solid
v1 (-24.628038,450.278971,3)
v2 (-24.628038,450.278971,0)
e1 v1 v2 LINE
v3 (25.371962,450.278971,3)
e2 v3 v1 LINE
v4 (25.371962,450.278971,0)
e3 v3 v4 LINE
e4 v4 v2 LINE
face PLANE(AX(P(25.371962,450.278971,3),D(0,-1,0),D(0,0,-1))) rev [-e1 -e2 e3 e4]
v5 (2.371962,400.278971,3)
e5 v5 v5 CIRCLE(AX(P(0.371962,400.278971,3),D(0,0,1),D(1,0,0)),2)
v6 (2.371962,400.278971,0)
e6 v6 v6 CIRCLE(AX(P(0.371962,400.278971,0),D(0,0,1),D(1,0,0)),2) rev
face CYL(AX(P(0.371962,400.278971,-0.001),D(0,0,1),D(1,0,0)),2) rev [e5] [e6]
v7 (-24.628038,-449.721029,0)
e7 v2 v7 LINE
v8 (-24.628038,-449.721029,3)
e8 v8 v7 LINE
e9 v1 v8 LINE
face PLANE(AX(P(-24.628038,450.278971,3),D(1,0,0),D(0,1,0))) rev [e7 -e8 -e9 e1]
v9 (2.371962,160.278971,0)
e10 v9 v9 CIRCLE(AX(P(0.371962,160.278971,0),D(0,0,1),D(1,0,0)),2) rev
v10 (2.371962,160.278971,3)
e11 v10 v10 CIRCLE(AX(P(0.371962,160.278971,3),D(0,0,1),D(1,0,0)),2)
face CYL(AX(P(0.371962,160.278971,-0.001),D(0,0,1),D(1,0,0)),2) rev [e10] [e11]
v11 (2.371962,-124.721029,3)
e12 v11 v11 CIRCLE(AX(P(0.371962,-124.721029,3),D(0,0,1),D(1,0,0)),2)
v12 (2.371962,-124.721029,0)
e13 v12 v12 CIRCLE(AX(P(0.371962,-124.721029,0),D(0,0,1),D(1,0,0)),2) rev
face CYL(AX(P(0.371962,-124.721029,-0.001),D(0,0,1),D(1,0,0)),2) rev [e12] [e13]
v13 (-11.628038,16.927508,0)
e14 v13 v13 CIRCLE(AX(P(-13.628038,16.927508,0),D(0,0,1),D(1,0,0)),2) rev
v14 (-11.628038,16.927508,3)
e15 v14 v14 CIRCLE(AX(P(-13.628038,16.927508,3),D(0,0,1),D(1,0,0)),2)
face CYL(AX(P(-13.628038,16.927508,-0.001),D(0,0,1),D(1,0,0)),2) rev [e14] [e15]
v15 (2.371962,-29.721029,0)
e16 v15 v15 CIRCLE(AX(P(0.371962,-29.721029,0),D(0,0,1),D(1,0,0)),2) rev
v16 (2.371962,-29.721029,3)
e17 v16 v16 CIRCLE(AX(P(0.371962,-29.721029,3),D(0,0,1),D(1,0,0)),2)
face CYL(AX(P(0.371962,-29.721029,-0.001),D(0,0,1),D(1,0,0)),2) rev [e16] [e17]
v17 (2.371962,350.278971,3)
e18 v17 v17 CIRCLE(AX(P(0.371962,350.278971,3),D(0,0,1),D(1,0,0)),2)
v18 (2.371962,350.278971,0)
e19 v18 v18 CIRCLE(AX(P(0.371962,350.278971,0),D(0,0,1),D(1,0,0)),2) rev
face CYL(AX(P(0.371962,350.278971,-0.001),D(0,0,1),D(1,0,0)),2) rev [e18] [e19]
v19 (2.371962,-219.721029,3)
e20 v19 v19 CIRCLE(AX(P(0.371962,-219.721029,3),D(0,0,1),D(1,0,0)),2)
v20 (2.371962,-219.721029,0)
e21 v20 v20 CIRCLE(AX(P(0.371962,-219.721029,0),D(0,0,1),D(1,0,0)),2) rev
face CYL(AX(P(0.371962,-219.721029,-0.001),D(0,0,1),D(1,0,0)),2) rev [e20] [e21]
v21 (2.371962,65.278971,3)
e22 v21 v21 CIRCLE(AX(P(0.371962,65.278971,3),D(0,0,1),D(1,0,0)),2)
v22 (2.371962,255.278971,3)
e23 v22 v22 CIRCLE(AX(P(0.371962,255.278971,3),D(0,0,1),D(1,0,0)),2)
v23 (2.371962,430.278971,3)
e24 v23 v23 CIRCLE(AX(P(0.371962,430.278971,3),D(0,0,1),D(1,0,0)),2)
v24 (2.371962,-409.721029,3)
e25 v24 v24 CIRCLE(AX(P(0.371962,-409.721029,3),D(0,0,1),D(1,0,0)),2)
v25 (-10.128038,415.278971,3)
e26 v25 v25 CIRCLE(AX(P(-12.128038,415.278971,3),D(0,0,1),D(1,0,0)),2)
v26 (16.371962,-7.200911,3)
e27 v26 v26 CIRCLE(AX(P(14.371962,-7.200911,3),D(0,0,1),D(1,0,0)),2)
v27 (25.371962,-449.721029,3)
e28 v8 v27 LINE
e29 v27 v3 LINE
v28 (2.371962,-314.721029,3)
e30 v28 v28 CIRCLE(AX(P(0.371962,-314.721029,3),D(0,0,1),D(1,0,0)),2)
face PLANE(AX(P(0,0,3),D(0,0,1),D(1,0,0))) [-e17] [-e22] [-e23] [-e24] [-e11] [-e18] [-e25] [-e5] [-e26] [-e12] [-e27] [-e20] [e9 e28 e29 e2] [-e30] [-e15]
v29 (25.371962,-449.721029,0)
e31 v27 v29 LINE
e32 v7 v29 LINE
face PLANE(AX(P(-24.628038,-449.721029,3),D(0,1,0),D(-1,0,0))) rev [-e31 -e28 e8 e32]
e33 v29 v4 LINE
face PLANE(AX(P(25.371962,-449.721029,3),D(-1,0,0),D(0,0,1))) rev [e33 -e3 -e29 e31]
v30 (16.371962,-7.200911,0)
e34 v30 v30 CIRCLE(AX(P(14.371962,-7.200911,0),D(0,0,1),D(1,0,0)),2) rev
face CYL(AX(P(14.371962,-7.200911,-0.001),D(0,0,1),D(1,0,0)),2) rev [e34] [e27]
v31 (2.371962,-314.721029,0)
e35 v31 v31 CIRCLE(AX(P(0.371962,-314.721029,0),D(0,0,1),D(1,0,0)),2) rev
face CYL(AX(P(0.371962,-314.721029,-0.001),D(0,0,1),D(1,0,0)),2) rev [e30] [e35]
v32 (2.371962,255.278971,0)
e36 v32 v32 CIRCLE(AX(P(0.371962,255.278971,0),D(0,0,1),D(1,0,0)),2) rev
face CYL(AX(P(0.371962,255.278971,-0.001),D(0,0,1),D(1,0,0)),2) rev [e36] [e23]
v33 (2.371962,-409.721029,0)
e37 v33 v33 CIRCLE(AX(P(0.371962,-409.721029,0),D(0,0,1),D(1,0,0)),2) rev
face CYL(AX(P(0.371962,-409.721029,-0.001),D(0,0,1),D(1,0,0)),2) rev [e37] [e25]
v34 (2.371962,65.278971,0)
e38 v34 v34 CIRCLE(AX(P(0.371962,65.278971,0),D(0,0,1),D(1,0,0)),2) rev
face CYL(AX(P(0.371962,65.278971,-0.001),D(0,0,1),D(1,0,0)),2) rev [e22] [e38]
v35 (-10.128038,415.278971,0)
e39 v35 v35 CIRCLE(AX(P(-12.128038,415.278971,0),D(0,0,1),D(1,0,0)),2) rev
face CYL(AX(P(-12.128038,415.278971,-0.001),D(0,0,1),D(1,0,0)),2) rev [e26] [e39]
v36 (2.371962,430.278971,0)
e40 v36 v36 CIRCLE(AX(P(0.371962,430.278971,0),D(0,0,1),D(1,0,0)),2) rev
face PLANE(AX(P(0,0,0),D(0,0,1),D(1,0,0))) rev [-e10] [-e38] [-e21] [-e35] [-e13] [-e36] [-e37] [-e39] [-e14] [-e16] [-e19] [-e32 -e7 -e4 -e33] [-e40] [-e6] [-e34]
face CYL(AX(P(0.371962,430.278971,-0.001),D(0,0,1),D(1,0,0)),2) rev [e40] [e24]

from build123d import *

# Parameters (mm, degrees)
SKETCH2_W           = 50
SKETCH2_H           = 900
BOSS_EXTRUDE1_DEPTH = 3
CUT_EXTRUDE1_REACH  = 5
SKETCH3_R           = 2


with BuildPart() as part:
    # Sketch2 → Boss-Extrude1 (new body)
    with BuildSketch(Plane.XY):
        with Locations((0.371961745, 0.278971309)):
            Rectangle(SKETCH2_W, SKETCH2_H)
    extrude(amount=BOSS_EXTRUDE1_DEPTH)

    # Sketch3 → Cut-Extrude1 (cut, up to next)
    with BuildSketch(Plane.XY.offset(3), mode=Mode.PRIVATE) as cut_extrude1_sk1:
        with Locations((0.371961745, 350.278971308)):
            Circle(SKETCH3_R)
    cut_extrude1_tool1 = extrude(cut_extrude1_sk1.sketch, amount=-CUT_EXTRUDE1_REACH, mode=Mode.PRIVATE) & part.part
    add(cut_extrude1_tool1.solids().sort_by_distance((0.371962, 350.278971, 3))[0], mode=Mode.SUBTRACT)
    # Sketch3 → Cut-Extrude1 (cut, up to next)
    with BuildSketch(Plane.XY.offset(3), mode=Mode.PRIVATE) as cut_extrude1_sk2:
        with Locations((0.371961745, 400.278971308)):
            Circle(SKETCH3_R)
    cut_extrude1_tool2 = extrude(cut_extrude1_sk2.sketch, amount=-CUT_EXTRUDE1_REACH, mode=Mode.PRIVATE) & part.part
    add(cut_extrude1_tool2.solids().sort_by_distance((0.371962, 400.278971, 3))[0], mode=Mode.SUBTRACT)
    # Sketch3 → Cut-Extrude1 (cut, up to next)
    with BuildSketch(Plane.XY.offset(3), mode=Mode.PRIVATE) as cut_extrude1_sk3:
        with Locations((0.371961745, 430.278971309)):
            Circle(SKETCH3_R)
    cut_extrude1_tool3 = extrude(cut_extrude1_sk3.sketch, amount=-CUT_EXTRUDE1_REACH, mode=Mode.PRIVATE) & part.part
    add(cut_extrude1_tool3.solids().sort_by_distance((0.371962, 430.278971, 3))[0], mode=Mode.SUBTRACT)
    # Sketch3 → Cut-Extrude1 (cut, up to next)
    with BuildSketch(Plane.XY.offset(3), mode=Mode.PRIVATE) as cut_extrude1_sk4:
        with Locations((-12.128038255, 415.278971308)):
            Circle(SKETCH3_R)
    cut_extrude1_tool4 = extrude(cut_extrude1_sk4.sketch, amount=-CUT_EXTRUDE1_REACH, mode=Mode.PRIVATE) & part.part
    add(cut_extrude1_tool4.solids().sort_by_distance((-12.128038, 415.278971, 3))[0], mode=Mode.SUBTRACT)
    # Sketch3 → Cut-Extrude1 (cut, up to next)
    with BuildSketch(Plane.XY.offset(3), mode=Mode.PRIVATE) as cut_extrude1_sk5:
        with Locations((0.371961745, 255.278971308)):
            Circle(SKETCH3_R)
    cut_extrude1_tool5 = extrude(cut_extrude1_sk5.sketch, amount=-CUT_EXTRUDE1_REACH, mode=Mode.PRIVATE) & part.part
    add(cut_extrude1_tool5.solids().sort_by_distance((0.371962, 255.278971, 3))[0], mode=Mode.SUBTRACT)
    # Sketch3 → Cut-Extrude1 (cut, up to next)
    with BuildSketch(Plane.XY.offset(3), mode=Mode.PRIVATE) as cut_extrude1_sk6:
        with Locations((0.371961745, 160.278971308)):
            Circle(SKETCH3_R)
    cut_extrude1_tool6 = extrude(cut_extrude1_sk6.sketch, amount=-CUT_EXTRUDE1_REACH, mode=Mode.PRIVATE) & part.part
    add(cut_extrude1_tool6.solids().sort_by_distance((0.371962, 160.278971, 3))[0], mode=Mode.SUBTRACT)
    # Sketch3 → Cut-Extrude1 (cut, up to next)
    with BuildSketch(Plane.XY.offset(3), mode=Mode.PRIVATE) as cut_extrude1_sk7:
        with Locations((0.371961745, 65.278971308)):
            Circle(SKETCH3_R)
    cut_extrude1_tool7 = extrude(cut_extrude1_sk7.sketch, amount=-CUT_EXTRUDE1_REACH, mode=Mode.PRIVATE) & part.part
    add(cut_extrude1_tool7.solids().sort_by_distance((0.371962, 65.278971, 3))[0], mode=Mode.SUBTRACT)
    # Sketch3 → Cut-Extrude1 (cut, up to next)
    with BuildSketch(Plane.XY.offset(3), mode=Mode.PRIVATE) as cut_extrude1_sk8:
        with Locations((0.371961745, -29.721028692)):
            Circle(SKETCH3_R)
    cut_extrude1_tool8 = extrude(cut_extrude1_sk8.sketch, amount=-CUT_EXTRUDE1_REACH, mode=Mode.PRIVATE) & part.part
    add(cut_extrude1_tool8.solids().sort_by_distance((0.371962, -29.721029, 3))[0], mode=Mode.SUBTRACT)
    # Sketch3 → Cut-Extrude1 (cut, up to next)
    with BuildSketch(Plane.XY.offset(3), mode=Mode.PRIVATE) as cut_extrude1_sk9:
        with Locations((0.371961745, -124.721028692)):
            Circle(SKETCH3_R)
    cut_extrude1_tool9 = extrude(cut_extrude1_sk9.sketch, amount=-CUT_EXTRUDE1_REACH, mode=Mode.PRIVATE) & part.part
    add(cut_extrude1_tool9.solids().sort_by_distance((0.371962, -124.721029, 3))[0], mode=Mode.SUBTRACT)
    # Sketch3 → Cut-Extrude1 (cut, up to next)
    with BuildSketch(Plane.XY.offset(3), mode=Mode.PRIVATE) as cut_extrude1_sk10:
        with Locations((0.371961745, -219.721028692)):
            Circle(SKETCH3_R)
    cut_extrude1_tool10 = extrude(cut_extrude1_sk10.sketch, amount=-CUT_EXTRUDE1_REACH, mode=Mode.PRIVATE) & part.part
    add(cut_extrude1_tool10.solids().sort_by_distance((0.371962, -219.721029, 3))[0], mode=Mode.SUBTRACT)
    # Sketch3 → Cut-Extrude1 (cut, up to next)
    with BuildSketch(Plane.XY.offset(3), mode=Mode.PRIVATE) as cut_extrude1_sk11:
        with Locations((0.371961745, -314.721028692)):
            Circle(SKETCH3_R)
    cut_extrude1_tool11 = extrude(cut_extrude1_sk11.sketch, amount=-CUT_EXTRUDE1_REACH, mode=Mode.PRIVATE) & part.part
    add(cut_extrude1_tool11.solids().sort_by_distance((0.371962, -314.721029, 3))[0], mode=Mode.SUBTRACT)
    # Sketch3 → Cut-Extrude1 (cut, up to next)
    with BuildSketch(Plane.XY.offset(3), mode=Mode.PRIVATE) as cut_extrude1_sk12:
        with Locations((0.371961745, -409.721028692)):
            Circle(SKETCH3_R)
    cut_extrude1_tool12 = extrude(cut_extrude1_sk12.sketch, amount=-CUT_EXTRUDE1_REACH, mode=Mode.PRIVATE) & part.part
    add(cut_extrude1_tool12.solids().sort_by_distance((0.371962, -409.721029, 3))[0], mode=Mode.SUBTRACT)
    # Sketch3 → Cut-Extrude1 (cut, up to next)
    with BuildSketch(Plane.XY.offset(3), mode=Mode.PRIVATE) as cut_extrude1_sk13:
        with Locations((14.371961745, -7.200910707)):
            Circle(SKETCH3_R)
    cut_extrude1_tool13 = extrude(cut_extrude1_sk13.sketch, amount=-CUT_EXTRUDE1_REACH, mode=Mode.PRIVATE) & part.part
    add(cut_extrude1_tool13.solids().sort_by_distance((14.371962, -7.200911, 3))[0], mode=Mode.SUBTRACT)
    # Sketch3 → Cut-Extrude1 (cut, up to next)
    with BuildSketch(Plane.XY.offset(3), mode=Mode.PRIVATE) as cut_extrude1_sk14:
        with Locations((-13.628038255, 16.927507875)):
            Circle(SKETCH3_R)
    cut_extrude1_tool14 = extrude(cut_extrude1_sk14.sketch, amount=-CUT_EXTRUDE1_REACH, mode=Mode.PRIVATE) & part.part
    add(cut_extrude1_tool14.solids().sort_by_distance((-13.628038, 16.927508, 3))[0], mode=Mode.SUBTRACT)


solid = part.part
